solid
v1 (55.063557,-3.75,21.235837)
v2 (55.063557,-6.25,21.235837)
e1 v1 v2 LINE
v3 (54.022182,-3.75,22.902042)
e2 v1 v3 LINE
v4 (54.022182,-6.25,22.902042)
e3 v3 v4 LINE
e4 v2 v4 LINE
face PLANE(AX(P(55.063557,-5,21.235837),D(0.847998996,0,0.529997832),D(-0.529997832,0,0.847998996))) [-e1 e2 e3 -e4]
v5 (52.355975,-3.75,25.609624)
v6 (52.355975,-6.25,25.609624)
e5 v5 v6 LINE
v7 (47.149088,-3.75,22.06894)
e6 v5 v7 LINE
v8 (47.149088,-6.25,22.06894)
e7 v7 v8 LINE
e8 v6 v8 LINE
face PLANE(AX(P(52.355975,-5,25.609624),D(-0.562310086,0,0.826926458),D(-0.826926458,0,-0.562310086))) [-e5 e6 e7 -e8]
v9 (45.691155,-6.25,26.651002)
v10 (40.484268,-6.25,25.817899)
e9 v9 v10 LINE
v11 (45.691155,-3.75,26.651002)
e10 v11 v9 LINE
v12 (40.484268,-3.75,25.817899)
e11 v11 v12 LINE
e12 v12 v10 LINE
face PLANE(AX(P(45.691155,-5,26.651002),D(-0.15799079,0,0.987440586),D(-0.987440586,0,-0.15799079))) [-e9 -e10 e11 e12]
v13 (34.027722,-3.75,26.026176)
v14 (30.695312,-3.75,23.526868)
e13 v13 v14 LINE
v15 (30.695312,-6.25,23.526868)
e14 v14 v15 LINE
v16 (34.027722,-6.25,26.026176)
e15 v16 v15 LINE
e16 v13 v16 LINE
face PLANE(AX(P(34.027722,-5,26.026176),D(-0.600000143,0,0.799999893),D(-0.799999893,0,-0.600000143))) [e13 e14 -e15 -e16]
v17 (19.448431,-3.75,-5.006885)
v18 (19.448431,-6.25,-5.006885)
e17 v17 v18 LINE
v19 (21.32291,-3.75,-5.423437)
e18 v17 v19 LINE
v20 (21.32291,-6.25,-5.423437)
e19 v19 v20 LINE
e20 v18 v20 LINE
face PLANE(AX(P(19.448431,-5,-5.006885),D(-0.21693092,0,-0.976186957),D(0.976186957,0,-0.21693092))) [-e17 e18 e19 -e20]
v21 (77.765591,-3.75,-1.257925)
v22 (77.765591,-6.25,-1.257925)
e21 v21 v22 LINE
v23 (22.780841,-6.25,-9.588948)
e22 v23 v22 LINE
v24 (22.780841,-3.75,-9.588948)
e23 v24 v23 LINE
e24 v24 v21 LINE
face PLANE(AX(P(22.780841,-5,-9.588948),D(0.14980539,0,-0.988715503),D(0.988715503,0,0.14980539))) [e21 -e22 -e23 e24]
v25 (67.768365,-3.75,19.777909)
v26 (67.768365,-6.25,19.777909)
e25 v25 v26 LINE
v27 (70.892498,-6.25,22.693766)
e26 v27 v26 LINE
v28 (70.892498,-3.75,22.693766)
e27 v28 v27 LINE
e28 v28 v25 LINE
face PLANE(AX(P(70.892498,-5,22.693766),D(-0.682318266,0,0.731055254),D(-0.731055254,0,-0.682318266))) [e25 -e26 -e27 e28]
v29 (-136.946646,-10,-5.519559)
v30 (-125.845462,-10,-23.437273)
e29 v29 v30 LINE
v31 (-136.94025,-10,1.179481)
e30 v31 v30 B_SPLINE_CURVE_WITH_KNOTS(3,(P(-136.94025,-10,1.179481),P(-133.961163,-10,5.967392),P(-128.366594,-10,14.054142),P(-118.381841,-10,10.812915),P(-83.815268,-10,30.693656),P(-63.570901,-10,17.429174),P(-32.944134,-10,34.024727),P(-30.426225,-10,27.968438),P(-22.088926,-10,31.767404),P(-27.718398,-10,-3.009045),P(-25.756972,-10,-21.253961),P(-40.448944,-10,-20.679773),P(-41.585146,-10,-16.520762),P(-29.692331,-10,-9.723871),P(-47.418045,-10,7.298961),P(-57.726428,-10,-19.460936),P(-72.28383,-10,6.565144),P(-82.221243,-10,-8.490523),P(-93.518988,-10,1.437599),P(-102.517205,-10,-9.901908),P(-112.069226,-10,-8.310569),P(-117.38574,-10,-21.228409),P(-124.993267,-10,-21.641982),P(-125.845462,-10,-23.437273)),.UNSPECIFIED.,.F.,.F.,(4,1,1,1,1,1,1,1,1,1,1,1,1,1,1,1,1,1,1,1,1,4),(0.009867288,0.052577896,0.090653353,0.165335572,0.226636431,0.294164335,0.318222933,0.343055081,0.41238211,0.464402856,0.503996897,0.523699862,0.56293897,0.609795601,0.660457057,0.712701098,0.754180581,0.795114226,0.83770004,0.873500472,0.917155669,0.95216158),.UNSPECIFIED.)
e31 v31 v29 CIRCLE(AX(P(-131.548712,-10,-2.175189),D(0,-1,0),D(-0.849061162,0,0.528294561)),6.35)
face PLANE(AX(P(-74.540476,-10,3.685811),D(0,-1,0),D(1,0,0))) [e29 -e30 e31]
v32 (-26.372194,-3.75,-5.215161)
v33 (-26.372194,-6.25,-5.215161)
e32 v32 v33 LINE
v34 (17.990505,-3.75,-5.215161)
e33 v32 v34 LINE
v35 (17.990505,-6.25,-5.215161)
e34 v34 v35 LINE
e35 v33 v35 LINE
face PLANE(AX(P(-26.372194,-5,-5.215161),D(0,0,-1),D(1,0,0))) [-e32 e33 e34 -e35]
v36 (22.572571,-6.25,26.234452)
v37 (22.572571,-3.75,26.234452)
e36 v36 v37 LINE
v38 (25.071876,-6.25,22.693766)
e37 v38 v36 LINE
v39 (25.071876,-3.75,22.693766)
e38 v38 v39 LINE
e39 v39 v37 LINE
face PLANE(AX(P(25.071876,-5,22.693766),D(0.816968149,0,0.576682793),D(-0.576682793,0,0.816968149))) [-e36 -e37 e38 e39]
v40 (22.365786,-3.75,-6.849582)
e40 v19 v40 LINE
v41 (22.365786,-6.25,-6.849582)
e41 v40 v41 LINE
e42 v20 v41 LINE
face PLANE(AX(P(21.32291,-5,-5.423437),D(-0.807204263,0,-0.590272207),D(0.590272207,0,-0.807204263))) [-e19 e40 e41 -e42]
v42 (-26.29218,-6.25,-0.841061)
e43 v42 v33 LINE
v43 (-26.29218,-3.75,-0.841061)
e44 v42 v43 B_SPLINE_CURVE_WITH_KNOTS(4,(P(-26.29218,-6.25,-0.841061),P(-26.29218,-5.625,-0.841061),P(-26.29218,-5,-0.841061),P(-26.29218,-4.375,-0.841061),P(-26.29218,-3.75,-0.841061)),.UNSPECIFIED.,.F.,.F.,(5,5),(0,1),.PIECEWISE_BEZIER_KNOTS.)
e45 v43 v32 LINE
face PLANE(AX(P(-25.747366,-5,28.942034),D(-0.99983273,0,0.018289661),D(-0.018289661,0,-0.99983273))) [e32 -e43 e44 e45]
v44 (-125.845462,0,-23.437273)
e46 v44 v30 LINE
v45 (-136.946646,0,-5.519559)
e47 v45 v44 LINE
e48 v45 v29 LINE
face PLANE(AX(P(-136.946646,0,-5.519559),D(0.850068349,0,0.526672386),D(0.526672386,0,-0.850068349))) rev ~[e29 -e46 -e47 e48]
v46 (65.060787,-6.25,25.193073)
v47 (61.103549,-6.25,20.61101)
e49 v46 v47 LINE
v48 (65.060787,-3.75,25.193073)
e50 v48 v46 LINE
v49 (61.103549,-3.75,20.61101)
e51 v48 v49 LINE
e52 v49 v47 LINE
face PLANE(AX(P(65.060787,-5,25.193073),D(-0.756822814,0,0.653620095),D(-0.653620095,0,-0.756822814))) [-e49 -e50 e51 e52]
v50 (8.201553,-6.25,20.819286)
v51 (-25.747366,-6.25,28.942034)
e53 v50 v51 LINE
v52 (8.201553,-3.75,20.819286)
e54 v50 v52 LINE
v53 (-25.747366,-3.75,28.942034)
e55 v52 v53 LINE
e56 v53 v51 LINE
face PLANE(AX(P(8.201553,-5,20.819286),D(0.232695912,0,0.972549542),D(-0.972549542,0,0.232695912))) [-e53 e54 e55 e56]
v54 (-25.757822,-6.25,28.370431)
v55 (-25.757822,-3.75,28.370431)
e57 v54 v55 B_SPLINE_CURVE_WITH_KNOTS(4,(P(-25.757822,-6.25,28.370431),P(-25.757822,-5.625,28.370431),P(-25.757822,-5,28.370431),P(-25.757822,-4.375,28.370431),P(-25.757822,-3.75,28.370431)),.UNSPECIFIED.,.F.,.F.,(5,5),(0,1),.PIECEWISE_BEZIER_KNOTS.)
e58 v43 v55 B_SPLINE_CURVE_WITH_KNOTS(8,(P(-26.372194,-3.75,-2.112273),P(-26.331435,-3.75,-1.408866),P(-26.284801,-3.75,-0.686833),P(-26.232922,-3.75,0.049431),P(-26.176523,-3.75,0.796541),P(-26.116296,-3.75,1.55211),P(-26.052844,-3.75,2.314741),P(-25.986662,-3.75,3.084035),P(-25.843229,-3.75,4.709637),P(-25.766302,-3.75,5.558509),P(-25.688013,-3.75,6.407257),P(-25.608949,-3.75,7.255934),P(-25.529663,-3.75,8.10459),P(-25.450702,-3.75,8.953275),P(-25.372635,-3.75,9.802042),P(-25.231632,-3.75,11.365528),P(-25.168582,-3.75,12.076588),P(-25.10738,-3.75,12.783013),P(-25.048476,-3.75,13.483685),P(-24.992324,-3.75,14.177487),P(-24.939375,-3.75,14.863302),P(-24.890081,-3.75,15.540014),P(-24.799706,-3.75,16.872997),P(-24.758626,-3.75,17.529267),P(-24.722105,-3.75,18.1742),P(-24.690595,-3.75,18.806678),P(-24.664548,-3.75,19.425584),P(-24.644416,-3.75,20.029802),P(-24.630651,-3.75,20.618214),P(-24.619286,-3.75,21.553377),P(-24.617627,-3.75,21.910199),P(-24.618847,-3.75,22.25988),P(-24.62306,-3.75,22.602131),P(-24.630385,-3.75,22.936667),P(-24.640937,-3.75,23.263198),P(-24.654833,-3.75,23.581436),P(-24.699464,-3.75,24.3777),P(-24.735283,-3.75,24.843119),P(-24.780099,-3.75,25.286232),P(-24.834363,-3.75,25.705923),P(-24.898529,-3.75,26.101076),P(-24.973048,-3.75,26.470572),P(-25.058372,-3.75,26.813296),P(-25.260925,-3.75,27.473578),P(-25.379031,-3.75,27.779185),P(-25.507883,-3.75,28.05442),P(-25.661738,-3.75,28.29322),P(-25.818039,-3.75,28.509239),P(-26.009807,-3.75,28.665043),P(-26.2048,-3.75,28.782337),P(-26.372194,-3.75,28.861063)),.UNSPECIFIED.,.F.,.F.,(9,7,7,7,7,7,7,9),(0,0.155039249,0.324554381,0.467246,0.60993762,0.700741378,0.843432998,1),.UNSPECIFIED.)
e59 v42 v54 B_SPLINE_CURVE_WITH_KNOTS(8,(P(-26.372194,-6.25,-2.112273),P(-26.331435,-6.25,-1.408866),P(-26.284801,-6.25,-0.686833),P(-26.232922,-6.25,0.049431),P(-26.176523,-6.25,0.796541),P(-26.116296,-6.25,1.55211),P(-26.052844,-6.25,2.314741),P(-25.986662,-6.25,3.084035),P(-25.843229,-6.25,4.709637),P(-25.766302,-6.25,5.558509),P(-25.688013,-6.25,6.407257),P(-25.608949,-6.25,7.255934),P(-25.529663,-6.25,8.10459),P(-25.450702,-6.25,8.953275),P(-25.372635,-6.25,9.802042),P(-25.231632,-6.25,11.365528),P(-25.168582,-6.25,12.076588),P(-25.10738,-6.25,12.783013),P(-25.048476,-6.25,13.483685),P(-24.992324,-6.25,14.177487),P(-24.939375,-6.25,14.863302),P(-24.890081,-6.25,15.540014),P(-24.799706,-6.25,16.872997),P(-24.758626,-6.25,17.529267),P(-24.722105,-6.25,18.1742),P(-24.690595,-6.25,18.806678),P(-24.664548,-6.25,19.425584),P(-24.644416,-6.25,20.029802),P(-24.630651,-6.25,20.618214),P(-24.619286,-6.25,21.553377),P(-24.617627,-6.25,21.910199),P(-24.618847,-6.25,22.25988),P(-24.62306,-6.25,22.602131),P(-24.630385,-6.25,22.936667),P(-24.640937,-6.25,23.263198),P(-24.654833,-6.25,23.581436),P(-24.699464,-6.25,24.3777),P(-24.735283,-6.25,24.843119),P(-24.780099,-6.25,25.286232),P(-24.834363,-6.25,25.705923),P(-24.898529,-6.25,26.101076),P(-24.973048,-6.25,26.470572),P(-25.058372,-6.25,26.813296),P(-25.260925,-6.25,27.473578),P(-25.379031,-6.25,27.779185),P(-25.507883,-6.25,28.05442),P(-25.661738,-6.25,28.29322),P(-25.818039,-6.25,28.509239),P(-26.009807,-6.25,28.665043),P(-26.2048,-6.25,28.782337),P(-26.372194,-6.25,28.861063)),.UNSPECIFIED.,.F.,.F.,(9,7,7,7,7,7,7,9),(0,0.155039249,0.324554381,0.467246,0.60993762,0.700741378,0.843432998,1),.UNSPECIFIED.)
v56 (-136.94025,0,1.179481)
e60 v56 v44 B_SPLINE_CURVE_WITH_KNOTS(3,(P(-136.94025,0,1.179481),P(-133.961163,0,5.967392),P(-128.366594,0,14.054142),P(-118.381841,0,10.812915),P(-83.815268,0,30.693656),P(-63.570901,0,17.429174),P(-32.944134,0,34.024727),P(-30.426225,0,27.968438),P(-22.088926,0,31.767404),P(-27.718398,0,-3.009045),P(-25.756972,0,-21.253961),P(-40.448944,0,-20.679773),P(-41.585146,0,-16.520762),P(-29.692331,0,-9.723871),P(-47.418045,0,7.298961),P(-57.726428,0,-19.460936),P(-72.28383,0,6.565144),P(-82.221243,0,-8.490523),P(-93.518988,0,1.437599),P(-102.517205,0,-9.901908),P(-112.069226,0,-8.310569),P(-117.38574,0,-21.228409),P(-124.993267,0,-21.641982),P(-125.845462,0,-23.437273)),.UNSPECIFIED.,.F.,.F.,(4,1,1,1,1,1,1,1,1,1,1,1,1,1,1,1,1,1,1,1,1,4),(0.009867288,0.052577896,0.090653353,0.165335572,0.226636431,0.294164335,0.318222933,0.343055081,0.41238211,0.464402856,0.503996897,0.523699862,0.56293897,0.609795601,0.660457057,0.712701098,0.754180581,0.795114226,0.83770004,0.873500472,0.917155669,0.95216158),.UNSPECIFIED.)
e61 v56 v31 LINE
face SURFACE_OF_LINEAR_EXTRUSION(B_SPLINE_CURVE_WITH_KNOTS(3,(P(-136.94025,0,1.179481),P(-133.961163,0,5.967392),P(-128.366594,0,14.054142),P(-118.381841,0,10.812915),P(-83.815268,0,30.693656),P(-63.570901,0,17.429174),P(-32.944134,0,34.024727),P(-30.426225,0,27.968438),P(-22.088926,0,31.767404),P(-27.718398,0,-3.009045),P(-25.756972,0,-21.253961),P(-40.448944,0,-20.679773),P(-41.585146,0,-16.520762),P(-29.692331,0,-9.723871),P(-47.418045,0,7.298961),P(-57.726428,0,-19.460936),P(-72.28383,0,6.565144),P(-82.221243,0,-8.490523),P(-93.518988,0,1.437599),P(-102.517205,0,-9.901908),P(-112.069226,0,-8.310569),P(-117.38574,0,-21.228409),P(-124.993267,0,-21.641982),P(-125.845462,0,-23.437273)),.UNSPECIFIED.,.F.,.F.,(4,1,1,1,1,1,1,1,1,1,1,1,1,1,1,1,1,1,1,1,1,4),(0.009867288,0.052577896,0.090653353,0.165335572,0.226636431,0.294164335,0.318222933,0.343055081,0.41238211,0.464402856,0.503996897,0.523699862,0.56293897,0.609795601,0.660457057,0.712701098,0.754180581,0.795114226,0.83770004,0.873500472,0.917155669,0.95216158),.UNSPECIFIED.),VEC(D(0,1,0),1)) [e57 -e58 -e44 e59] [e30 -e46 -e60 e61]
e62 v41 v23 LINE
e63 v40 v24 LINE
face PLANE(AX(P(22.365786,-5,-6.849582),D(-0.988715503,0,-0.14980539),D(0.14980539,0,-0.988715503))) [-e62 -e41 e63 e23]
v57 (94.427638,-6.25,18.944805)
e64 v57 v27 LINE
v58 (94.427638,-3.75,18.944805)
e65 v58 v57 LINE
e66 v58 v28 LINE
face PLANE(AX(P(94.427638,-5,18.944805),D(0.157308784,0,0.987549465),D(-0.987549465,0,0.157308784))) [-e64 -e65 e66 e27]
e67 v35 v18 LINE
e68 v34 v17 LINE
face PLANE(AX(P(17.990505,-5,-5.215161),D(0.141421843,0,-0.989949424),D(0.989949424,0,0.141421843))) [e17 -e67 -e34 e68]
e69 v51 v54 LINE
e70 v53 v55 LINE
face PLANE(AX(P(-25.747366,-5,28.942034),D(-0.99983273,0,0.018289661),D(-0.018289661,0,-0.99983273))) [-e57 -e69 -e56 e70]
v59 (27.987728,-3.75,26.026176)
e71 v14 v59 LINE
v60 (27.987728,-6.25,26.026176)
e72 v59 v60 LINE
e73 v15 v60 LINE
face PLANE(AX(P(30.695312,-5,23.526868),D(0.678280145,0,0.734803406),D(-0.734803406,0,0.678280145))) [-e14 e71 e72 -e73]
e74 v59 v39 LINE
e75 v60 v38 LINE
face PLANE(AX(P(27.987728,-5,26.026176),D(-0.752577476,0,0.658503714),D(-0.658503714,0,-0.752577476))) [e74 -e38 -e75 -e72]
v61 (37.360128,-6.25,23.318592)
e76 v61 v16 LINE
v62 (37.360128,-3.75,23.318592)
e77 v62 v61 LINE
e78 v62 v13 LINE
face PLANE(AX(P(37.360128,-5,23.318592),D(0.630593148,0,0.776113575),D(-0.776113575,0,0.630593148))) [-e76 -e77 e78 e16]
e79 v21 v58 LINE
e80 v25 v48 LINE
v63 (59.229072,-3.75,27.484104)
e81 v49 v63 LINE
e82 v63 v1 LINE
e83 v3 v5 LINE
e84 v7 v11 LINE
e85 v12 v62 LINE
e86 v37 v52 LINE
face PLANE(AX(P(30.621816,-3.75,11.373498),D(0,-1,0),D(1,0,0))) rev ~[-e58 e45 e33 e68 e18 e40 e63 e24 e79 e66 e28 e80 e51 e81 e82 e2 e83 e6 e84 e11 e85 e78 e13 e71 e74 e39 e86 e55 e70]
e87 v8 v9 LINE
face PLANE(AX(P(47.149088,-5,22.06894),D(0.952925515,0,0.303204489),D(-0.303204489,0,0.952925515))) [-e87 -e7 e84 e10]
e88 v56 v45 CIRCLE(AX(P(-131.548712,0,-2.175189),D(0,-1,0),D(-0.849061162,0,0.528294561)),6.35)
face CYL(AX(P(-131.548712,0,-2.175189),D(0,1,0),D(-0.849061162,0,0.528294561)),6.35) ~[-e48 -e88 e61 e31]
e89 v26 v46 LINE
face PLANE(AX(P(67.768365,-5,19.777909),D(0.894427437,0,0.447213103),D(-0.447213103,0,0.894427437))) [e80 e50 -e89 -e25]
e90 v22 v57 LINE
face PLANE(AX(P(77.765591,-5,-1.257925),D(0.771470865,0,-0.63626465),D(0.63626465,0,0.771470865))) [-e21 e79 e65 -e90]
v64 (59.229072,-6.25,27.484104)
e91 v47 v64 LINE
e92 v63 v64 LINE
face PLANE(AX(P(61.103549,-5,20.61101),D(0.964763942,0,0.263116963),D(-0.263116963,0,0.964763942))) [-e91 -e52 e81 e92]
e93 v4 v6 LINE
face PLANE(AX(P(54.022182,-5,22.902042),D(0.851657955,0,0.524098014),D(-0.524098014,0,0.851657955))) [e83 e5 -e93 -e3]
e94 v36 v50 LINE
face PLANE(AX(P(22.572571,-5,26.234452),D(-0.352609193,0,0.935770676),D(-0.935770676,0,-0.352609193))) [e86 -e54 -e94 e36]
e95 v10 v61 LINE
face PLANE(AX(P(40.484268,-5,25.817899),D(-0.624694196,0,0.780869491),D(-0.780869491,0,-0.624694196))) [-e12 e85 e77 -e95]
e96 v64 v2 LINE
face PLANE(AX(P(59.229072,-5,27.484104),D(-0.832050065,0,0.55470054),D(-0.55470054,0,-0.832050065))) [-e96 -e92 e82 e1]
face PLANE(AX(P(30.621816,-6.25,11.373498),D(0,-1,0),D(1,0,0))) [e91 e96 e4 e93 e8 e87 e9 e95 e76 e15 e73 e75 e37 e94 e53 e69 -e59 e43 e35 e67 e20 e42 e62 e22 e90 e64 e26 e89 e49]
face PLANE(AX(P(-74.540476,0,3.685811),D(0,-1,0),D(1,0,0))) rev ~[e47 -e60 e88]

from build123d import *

# Parameters (mm, degrees)
F1_DEPTH = 10
F2_DEPTH = 10
F5_DEPTH = 1.25


with BuildPart() as f1:
    # F0 (on Front) → F1 (new body)
    with BuildSketch(Plane.XZ):
        with BuildLine():
            ThreePointArc((-136.9402502576, 1.1794809733), (-137.8987089845, -2.1691270879), (-136.9466458925, -5.5195591418))
            Line((-136.9466458925, -5.5195591418), (-125.8454620838, -23.4372727573))
            add(Edge.make_bspline(
                [(-136.9402502576, 1.1794809733), (-133.9611629123, 5.967392019), (-128.3665938459, 14.0541421769), (-118.3818414844, 10.8129153282), (-83.8152684574, 30.6936559171), (-63.5709009407, 17.4291739887), (-32.9441342846, 34.0247273531), (-30.4262254549, 27.9684384429), (-22.0889260781, 31.7674040261), (-27.7183977105, -3.009045413), (-25.7569724424, -21.253960582), (-40.4489443834, -20.6797727432), (-41.5851455562, -16.5207616572), (-29.6923307709, -9.7238713563), (-47.4180449091, 7.298960904), (-57.7264279773, -19.4609357054), (-72.2838304967, 6.5651441165), (-82.2212429047, -8.4905234949), (-93.5189884754, 1.4375993374), (-102.5172052564, -9.9019078666), (-112.0692261481, -8.3105688575), (-117.3857395304, -21.2284090576), (-124.9932666302, -21.6419818385), (-125.8454620838, -23.4372727573)],
                knots=[0.0098672884, 0.0098672884, 0.0098672884, 0.0098672884, 0.0525778965, 0.0906533532, 0.1653355717, 0.2266364312, 0.2941643351, 0.3182229331, 0.3430550808, 0.4123821102, 0.4644028558, 0.5039968975, 0.5236998615, 0.5629389697, 0.609795601, 0.660457057, 0.7127010978, 0.7541805813, 0.7951142261, 0.8377000397, 0.8735004722, 0.9171556687, 0.9521615805, 0.9521615805, 0.9521615805, 0.9521615805], degree=3))
        make_face()
    extrude(amount=F1_DEPTH)

    # F0 (on Front) → F2 (join)
    with BuildSketch(Plane.XZ):
        with BuildLine():
            ThreePointArc((-136.9402502576, 1.1794809733), (-137.8987089845, -2.1691270879), (-136.9466458925, -5.5195591418))
            Line((-136.9466458925, -5.5195591418), (-125.8454620838, -23.4372727573))
            add(Edge.make_bspline(
                [(-136.9402502576, 1.1794809733), (-133.9611629123, 5.967392019), (-128.3665938459, 14.0541421769), (-118.3818414844, 10.8129153282), (-83.8152684574, 30.6936559171), (-63.5709009407, 17.4291739887), (-32.9441342846, 34.0247273531), (-30.4262254549, 27.9684384429), (-22.0889260781, 31.7674040261), (-27.7183977105, -3.009045413), (-25.7569724424, -21.253960582), (-40.4489443834, -20.6797727432), (-41.5851455562, -16.5207616572), (-29.6923307709, -9.7238713563), (-47.4180449091, 7.298960904), (-57.7264279773, -19.4609357054), (-72.2838304967, 6.5651441165), (-82.2212429047, -8.4905234949), (-93.5189884754, 1.4375993374), (-102.5172052564, -9.9019078666), (-112.0692261481, -8.3105688575), (-117.3857395304, -21.2284090576), (-124.9932666302, -21.6419818385), (-125.8454620838, -23.4372727573)],
                knots=[0.0098672884, 0.0098672884, 0.0098672884, 0.0098672884, 0.0525778965, 0.0906533532, 0.1653355717, 0.2266364312, 0.2941643351, 0.3182229331, 0.3430550808, 0.4123821102, 0.4644028558, 0.5039968975, 0.5236998615, 0.5629389697, 0.609795601, 0.660457057, 0.7127010978, 0.7541805813, 0.7951142261, 0.8377000397, 0.8735004722, 0.9171556687, 0.9521615805, 0.9521615805, 0.9521615805, 0.9521615805], degree=3))
        make_face()
    extrude(amount=F2_DEPTH)

    # F4 (on offset) → F5 (join, symmetric)
    with BuildSketch(Plane.XZ.offset(5)):
        Polygon((8.201552555, 20.8192858845), (-25.7473662496, 28.9420336485), (-26.3721942902, -5.2151610143), (17.9905053228, -5.2151610143), (19.4484312087, -5.006885156), (21.3229097426, -5.4234368727), (22.3657856804, -6.8495821196), (22.7808412164, -9.588948451), (77.7655914426, -1.2579250615), (94.4276377559, 18.944805488), (70.8924978971, 22.693766281), (67.7683651447, 19.7779089212), (65.0607869029, 25.1930728555), (61.1035488546, 20.6110104918), (59.2290721834, 27.4841040373), (55.0635568798, 21.2358366698), (54.0221817791, 22.9020416737), (52.3559749126, 25.6096236408), (47.1490882337, 22.0689401031), (45.6911548972, 26.6510024667), (40.4842682183, 25.8178990334), (37.3601280153, 23.318592459), (34.0277217329, 26.0261762887), (30.6953117251, 23.5268678516), (27.9877278954, 26.0261762887), (25.0718761235, 22.693766281), (22.5725714117, 26.2344516814), align=None)
    extrude(amount=F5_DEPTH, both=True)


solid = f1.part
